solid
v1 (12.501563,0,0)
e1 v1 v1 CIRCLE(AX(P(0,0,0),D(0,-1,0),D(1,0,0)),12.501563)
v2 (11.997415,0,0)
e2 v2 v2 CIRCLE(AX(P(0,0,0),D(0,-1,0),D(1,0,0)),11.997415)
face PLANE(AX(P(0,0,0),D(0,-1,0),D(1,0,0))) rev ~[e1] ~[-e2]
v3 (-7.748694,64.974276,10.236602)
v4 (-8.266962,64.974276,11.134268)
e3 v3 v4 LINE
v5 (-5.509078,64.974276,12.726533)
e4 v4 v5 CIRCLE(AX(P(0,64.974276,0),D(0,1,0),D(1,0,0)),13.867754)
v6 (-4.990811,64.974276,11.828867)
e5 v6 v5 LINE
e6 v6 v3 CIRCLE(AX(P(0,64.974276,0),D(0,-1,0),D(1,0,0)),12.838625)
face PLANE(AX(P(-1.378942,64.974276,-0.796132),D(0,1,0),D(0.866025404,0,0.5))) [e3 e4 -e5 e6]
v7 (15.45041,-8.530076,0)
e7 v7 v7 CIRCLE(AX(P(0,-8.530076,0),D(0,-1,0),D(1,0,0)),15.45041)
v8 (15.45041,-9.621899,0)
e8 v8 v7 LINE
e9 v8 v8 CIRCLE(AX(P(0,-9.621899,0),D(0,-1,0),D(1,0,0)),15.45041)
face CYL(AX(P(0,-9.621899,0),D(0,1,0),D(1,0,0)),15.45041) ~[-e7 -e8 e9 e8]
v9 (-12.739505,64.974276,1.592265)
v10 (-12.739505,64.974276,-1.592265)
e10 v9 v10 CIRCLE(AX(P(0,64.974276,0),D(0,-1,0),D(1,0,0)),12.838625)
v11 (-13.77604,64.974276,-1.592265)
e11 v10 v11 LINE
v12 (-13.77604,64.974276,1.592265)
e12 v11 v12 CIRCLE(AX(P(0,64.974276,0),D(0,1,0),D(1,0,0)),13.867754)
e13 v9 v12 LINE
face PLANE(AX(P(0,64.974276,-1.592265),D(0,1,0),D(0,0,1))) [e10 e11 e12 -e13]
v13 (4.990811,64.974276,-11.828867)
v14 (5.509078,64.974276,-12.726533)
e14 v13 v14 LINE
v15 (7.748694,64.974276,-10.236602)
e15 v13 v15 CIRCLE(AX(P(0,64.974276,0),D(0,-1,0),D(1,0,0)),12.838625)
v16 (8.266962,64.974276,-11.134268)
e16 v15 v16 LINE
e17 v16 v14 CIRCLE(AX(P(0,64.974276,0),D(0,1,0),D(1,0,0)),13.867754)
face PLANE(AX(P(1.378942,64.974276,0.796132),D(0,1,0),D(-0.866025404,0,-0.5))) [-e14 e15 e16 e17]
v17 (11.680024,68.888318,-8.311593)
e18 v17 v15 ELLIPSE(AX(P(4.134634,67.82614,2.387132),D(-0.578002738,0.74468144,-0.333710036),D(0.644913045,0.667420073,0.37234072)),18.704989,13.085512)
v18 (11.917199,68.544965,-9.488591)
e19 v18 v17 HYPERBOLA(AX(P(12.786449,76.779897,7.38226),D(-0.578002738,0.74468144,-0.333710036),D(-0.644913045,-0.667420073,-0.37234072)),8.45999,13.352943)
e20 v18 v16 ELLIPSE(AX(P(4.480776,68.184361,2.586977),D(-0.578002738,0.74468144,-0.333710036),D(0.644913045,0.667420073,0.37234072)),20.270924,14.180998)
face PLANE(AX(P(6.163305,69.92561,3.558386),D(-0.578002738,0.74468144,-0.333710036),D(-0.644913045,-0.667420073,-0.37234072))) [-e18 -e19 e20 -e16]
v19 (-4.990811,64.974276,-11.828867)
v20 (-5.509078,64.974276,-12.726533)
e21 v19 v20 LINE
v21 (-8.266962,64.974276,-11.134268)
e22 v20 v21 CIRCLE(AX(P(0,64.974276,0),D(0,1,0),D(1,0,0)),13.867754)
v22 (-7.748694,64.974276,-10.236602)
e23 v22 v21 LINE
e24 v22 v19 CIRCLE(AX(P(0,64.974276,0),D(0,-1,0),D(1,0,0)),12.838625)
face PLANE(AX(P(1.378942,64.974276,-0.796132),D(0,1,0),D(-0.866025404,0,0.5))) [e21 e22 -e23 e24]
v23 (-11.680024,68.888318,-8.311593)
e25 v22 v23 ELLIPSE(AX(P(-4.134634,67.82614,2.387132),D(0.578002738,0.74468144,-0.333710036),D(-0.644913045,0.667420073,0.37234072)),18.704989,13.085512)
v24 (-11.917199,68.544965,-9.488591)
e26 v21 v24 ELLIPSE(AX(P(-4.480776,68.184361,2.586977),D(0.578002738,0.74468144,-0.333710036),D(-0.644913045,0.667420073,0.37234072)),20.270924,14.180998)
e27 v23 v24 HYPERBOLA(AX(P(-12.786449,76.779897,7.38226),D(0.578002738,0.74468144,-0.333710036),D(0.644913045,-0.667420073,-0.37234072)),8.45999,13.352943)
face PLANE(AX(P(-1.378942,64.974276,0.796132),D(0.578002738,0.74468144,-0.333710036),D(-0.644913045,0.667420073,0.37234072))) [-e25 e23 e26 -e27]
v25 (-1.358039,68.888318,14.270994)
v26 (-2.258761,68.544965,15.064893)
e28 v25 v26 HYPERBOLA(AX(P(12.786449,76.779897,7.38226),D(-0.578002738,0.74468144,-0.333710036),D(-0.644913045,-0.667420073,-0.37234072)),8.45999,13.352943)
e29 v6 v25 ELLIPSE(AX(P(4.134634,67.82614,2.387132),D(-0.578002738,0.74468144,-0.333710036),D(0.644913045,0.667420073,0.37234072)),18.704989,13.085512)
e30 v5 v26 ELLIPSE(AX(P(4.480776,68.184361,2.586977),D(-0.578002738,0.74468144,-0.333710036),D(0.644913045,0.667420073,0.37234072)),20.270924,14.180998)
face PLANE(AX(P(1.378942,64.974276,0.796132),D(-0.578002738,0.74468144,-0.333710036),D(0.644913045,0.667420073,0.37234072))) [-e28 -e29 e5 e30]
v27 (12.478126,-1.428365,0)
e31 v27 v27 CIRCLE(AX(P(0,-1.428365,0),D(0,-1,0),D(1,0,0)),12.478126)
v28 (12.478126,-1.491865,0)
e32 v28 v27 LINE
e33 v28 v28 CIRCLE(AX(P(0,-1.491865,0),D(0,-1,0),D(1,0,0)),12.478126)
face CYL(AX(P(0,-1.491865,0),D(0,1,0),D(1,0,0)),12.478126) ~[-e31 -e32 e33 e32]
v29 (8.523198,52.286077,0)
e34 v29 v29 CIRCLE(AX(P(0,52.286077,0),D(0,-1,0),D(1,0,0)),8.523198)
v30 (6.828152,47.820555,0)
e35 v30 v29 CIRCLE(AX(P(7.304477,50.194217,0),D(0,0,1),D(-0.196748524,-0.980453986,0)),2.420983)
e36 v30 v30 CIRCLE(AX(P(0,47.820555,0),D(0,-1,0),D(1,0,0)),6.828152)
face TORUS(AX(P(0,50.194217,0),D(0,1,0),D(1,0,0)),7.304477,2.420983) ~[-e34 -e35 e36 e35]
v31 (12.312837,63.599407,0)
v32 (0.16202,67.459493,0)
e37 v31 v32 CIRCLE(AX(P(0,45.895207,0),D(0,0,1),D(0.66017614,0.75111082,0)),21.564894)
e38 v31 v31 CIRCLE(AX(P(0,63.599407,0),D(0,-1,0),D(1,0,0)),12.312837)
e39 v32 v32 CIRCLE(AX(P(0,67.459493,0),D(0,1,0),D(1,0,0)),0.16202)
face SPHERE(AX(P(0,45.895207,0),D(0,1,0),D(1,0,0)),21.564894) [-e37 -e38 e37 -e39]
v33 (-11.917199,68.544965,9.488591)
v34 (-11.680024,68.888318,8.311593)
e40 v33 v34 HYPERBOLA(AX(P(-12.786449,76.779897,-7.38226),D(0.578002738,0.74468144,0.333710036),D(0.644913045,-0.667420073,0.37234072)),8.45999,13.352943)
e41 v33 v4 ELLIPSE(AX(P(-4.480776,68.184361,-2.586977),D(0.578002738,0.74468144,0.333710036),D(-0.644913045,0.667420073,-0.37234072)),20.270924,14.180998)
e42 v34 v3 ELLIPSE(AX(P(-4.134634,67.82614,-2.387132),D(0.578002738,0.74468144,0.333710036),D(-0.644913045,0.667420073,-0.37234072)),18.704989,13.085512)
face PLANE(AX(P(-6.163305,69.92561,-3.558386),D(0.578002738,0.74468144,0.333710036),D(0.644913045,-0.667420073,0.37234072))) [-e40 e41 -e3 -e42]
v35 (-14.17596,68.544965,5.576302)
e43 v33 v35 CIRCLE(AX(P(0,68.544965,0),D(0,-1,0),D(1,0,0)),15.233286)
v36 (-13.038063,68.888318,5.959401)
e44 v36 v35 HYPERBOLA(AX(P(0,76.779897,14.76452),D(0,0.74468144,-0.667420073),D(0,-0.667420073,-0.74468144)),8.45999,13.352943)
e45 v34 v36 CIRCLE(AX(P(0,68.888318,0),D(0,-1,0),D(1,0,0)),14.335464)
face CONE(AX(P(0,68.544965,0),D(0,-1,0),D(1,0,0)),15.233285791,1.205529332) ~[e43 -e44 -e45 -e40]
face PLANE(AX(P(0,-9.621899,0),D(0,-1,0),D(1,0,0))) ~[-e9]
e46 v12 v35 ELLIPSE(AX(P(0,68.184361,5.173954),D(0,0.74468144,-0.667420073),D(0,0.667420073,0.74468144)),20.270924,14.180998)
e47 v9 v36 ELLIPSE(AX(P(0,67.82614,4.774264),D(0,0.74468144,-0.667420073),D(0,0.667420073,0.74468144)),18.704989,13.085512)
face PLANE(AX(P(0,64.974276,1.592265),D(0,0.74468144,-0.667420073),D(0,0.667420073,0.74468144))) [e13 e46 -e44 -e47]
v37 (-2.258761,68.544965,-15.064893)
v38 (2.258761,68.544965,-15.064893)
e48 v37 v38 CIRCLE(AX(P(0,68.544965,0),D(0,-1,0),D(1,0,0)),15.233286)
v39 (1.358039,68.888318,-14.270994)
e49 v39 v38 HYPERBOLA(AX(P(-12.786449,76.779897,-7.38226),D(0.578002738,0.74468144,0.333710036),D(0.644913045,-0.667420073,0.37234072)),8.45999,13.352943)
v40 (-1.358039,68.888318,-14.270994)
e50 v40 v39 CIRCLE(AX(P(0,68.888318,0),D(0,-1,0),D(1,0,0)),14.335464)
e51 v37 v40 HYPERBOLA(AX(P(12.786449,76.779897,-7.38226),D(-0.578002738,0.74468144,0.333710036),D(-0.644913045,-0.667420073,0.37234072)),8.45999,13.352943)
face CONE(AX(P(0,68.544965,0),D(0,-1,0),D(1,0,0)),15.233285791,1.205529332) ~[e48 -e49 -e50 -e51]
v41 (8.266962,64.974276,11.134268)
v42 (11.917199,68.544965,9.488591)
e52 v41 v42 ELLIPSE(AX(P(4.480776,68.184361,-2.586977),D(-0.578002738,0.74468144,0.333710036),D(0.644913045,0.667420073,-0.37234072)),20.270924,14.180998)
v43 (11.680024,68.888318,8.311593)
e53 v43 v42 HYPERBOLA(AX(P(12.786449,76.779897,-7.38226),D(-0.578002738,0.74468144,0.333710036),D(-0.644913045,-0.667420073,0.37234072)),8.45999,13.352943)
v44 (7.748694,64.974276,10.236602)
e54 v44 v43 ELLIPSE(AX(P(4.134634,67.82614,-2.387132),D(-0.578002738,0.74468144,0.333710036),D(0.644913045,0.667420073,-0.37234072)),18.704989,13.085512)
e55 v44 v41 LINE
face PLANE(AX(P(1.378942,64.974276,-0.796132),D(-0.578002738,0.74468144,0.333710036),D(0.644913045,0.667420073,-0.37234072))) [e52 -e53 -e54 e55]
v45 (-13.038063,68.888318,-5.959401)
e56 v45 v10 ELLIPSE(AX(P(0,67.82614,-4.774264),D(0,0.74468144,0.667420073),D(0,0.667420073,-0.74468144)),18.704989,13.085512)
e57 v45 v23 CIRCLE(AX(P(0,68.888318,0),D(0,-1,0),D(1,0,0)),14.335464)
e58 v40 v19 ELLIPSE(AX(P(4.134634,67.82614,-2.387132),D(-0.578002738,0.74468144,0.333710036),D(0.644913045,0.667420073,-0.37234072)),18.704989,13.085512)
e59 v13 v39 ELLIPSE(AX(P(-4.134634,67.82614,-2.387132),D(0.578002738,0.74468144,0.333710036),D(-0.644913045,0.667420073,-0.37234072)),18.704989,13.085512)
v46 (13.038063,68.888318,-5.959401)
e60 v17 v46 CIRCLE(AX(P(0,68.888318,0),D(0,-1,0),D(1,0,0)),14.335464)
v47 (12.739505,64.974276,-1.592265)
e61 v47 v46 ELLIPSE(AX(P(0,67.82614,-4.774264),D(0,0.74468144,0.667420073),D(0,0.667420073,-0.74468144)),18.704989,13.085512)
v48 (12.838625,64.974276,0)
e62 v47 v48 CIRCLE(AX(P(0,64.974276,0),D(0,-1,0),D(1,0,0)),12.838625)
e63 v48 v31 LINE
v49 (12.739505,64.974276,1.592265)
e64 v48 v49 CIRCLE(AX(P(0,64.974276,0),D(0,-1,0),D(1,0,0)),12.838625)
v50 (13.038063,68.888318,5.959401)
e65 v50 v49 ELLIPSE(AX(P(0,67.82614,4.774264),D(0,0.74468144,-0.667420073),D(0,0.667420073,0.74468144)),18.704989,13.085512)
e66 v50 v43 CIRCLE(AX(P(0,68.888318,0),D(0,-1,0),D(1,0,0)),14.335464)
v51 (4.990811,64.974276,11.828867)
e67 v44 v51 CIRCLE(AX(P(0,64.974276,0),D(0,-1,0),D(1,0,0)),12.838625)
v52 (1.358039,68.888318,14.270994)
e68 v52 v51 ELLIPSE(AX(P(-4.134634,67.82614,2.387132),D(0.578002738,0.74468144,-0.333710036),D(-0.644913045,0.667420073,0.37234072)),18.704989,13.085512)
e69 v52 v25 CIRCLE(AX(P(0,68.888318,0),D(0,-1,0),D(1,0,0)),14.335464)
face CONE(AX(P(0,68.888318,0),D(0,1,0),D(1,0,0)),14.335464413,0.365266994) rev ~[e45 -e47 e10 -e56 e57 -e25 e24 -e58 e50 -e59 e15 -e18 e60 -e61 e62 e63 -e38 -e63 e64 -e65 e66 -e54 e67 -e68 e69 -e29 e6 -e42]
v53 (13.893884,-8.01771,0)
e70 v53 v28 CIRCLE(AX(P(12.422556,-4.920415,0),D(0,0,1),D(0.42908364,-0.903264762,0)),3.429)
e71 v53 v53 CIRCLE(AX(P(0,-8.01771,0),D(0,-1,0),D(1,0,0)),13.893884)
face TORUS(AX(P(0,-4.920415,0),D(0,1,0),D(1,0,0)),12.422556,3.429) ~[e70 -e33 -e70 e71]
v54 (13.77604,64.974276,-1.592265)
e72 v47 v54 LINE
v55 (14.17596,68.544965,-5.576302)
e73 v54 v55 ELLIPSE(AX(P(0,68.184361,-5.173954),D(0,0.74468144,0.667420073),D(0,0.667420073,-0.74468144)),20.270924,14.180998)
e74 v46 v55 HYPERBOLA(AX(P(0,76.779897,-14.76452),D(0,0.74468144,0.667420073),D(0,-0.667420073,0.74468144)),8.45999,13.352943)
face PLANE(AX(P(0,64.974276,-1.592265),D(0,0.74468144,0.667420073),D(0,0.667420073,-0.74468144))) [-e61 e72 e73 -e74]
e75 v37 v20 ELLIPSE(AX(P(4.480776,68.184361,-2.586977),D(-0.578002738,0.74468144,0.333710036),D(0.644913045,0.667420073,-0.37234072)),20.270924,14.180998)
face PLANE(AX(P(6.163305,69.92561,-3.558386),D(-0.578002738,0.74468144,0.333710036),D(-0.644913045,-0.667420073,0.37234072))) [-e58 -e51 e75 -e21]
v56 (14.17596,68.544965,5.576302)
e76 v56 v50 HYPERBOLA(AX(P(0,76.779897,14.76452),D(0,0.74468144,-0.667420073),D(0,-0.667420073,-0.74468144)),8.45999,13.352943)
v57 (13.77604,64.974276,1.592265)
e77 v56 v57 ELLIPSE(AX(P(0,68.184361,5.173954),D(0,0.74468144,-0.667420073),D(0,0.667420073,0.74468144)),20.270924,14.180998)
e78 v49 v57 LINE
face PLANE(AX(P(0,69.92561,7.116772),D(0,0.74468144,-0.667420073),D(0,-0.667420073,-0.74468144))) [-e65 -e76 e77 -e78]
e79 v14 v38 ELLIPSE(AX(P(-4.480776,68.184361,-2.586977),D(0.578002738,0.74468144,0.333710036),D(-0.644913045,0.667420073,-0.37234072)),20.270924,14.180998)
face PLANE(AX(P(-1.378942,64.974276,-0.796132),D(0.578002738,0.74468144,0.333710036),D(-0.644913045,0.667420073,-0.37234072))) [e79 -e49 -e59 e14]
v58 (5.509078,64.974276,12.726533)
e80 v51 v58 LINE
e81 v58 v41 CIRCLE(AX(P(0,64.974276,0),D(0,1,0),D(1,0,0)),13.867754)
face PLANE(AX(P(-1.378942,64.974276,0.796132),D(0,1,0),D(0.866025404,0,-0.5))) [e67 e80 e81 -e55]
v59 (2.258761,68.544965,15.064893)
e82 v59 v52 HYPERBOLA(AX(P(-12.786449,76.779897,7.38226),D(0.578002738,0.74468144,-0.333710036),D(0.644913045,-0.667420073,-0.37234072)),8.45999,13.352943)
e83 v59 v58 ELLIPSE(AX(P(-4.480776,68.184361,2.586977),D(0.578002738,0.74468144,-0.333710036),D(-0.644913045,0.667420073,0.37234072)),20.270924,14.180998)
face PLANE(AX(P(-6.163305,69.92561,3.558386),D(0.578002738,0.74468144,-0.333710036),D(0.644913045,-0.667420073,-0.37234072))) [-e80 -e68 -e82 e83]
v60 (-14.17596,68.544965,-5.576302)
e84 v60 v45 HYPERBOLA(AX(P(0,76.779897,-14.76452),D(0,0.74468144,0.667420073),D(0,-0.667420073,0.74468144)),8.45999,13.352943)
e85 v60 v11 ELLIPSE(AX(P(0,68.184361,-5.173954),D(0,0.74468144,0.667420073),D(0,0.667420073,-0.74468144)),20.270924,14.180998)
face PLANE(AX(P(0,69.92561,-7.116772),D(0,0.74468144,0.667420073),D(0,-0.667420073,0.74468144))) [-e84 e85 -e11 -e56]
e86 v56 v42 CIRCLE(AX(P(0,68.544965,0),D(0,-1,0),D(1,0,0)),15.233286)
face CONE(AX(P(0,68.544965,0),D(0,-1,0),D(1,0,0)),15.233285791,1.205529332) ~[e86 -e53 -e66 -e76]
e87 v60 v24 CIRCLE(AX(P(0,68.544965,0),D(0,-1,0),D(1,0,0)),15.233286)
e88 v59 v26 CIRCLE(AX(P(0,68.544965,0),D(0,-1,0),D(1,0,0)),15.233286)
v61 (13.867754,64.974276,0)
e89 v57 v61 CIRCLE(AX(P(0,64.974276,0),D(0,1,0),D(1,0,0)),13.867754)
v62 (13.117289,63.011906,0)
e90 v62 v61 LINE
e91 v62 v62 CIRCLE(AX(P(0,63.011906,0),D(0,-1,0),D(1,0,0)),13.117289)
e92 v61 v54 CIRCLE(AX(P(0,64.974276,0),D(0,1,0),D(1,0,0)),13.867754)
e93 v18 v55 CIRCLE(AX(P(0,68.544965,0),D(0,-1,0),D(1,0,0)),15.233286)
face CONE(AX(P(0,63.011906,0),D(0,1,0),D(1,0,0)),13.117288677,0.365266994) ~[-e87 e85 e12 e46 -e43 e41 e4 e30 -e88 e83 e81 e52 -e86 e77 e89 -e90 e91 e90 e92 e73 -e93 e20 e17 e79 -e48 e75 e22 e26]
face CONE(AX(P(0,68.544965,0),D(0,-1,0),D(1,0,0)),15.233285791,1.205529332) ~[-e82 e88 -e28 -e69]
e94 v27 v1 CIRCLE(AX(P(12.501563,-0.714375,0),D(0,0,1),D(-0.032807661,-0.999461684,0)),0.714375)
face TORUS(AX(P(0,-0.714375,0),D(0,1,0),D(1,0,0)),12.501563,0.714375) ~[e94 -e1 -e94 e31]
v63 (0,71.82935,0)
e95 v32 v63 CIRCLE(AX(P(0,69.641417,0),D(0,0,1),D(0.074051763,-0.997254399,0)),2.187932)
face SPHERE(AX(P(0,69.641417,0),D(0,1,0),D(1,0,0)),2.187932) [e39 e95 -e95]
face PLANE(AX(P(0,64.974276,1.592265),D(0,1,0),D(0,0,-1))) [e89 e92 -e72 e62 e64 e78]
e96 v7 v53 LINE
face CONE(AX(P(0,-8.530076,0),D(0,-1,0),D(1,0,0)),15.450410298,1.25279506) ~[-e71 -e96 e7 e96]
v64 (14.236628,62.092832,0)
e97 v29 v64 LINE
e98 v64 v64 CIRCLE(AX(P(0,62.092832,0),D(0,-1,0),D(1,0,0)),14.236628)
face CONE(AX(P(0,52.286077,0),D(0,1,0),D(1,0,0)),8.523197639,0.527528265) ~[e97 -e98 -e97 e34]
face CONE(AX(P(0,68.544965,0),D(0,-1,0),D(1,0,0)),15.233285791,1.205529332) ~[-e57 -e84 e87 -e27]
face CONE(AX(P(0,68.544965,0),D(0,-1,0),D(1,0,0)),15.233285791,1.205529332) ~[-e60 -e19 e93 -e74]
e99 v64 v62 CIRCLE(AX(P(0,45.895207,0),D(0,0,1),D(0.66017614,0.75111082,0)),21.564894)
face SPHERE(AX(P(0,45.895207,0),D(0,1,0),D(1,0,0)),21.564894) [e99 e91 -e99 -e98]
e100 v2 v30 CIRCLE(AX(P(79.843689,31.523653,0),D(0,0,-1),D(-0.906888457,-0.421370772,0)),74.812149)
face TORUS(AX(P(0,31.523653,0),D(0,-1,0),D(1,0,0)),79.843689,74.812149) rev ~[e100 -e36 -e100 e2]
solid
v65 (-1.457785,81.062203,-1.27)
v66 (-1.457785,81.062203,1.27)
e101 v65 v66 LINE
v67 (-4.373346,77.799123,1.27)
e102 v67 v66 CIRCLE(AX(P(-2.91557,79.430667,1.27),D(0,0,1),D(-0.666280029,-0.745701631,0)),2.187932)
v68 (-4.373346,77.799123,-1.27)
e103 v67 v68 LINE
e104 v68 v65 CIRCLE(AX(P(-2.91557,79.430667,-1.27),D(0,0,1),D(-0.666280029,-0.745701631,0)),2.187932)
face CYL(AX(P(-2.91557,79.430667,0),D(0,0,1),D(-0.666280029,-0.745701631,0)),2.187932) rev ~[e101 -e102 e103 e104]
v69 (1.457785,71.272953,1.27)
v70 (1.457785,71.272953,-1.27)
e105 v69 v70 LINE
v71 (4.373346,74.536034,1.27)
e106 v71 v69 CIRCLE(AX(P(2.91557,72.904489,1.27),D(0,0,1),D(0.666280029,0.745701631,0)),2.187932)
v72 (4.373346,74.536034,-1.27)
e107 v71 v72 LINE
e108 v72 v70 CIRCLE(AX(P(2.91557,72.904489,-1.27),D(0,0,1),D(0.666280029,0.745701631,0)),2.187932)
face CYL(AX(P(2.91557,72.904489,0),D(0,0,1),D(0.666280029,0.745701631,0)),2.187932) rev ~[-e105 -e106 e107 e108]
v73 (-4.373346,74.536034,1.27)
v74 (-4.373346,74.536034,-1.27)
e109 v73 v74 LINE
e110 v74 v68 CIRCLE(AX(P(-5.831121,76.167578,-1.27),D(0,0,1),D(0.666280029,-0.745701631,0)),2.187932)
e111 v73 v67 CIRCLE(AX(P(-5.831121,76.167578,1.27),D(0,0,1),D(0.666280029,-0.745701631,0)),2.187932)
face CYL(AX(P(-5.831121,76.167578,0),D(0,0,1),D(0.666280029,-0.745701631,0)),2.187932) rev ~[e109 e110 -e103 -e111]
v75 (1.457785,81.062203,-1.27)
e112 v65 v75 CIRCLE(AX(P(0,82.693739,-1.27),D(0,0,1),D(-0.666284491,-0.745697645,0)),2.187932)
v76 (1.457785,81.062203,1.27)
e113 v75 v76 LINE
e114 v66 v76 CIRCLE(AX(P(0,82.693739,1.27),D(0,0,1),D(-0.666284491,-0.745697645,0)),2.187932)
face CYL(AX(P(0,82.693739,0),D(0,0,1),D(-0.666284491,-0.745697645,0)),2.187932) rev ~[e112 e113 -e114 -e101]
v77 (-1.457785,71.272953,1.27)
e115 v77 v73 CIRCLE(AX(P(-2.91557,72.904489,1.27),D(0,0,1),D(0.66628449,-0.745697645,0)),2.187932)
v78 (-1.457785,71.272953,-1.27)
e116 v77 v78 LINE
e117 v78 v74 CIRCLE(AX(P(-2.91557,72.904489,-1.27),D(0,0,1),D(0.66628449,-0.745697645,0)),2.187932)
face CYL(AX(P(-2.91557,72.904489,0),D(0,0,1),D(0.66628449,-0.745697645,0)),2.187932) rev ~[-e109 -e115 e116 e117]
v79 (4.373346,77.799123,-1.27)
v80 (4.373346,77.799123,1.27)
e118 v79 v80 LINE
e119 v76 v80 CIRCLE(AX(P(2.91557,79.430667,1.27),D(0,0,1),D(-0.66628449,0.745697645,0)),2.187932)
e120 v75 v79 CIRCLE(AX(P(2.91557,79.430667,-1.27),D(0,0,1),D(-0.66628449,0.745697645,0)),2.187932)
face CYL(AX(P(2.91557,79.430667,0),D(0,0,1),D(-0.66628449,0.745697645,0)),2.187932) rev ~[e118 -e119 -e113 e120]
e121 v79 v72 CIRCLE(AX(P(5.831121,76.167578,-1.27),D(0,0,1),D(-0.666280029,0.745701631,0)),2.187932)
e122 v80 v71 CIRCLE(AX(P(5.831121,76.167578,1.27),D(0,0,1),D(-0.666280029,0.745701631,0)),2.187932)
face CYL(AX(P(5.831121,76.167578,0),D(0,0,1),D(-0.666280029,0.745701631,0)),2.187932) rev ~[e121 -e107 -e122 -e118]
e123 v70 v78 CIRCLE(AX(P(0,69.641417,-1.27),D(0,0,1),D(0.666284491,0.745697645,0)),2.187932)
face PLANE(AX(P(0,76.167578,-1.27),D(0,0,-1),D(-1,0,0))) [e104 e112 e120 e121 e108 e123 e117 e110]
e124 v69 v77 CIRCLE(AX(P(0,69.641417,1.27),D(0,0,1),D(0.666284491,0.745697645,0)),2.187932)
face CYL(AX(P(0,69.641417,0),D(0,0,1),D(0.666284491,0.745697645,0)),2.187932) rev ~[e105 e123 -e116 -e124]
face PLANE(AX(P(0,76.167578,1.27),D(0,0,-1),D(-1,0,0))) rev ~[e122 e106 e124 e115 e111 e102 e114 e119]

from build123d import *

# Parameters (mm, degrees)
CUT_EXTRUDE2_DEPTH  = 73.444074635
CIRPATTERN1_COUNT   = 6
BOSS_EXTRUDE2_DEPTH = 1.27


with BuildPart() as part:
    # Sketch1 → Revolve1 (revolve)
    with BuildSketch(Plane.XY):
        with BuildLine():
            Line((0, 62.092832387), (0, -9.621899222))
            Line((0, -9.621899222), (15.450410298, -9.621899222))
            Line((15.450410298, -9.621899222), (15.450410298, -8.530075969))
            Line((15.450410298, -8.530075969), (13.893883706, -8.017710004))
            ThreePointArc((13.893883706, -8.017710004), (15.773602868, -4.193417719), (12.478125528, -1.49186544))
            Line((12.478125528, -1.49186544), (12.478125528, -1.42836544))
            ThreePointArc((12.478125528, -1.42836544), (13.215841354, -0.726095063), (12.5015625, 0))
            Line((12.5015625, 0), (11.997414701, 0))
            ThreePointArc((11.997414701, 0), (5.464835652, 23.483515884), (6.82815225, 47.820555045))
            ThreePointArc((6.82815225, 47.820555045), (9.567883495, 49.335061774), (8.523197639, 52.28607675))
            Line((8.523197639, 52.28607675), (14.236628464, 62.092832387))
            Line((14.236628464, 62.092832387), (0, 62.092832387))
        make_face()
        with BuildLine():
            ThreePointArc((12.312836707, 63.599407377), (12.718455434, 63.310302464), (13.117288677, 63.01190634))
            Line((13.117288677, 63.01190634), (15.233285791, 68.544965448))
            Line((15.233285791, 68.544965448), (14.335464413, 68.888317545))
            Line((14.335464413, 68.888317545), (12.312836707, 63.599407377))
        make_face()
    revolve(axis=Axis((0, 0, 0), (0, -1, 0)))

    # Sketch8 → Cut-Extrude2 (cut, through all)
    with BuildSketch(Plane(origin=(0, 0, 0), x_dir=(0, 0, -1), z_dir=(1, 0, 0))):
        Polygon((-1.59226478, 64.974275528), (1.59226478, 64.974275528), (7.116771659, 69.925609864), (-7.116771659, 69.925609864), align=None)
    cut_extrude2 = extrude(amount=CUT_EXTRUDE2_DEPTH, mode=Mode.SUBTRACT)

    # CirPattern1: Cut-Extrude2 ×6 about axis
    cirpattern1_axis = Axis((0, -9.621899222, 0), (0, 1, 0))
    for i in range(1, CIRPATTERN1_COUNT):
        add(cut_extrude2.rotate(cirpattern1_axis, i * 360 / CIRPATTERN1_COUNT), mode=Mode.SUBTRACT)

    # Sketch1<10> → Revolve2 (revolve)
    with BuildSketch(Plane.XY):
        with BuildLine():
            Line((0, 62.092832387), (14.236628464, 62.092832387))
            ThreePointArc((14.236628464, 62.092832387), (7.683132909, 66.044999268), (0.162020231, 67.459492514))
            ThreePointArc((0.162020231, 67.459492514), (2.186429811, 69.722483228), (0, 71.829349573))
            Line((0, 71.829349573), (0, 62.092832387))
        make_face()
    revolve(axis=Axis((0, 67.460101163, 0), (0, 1, 0)))


with BuildPart() as body_2:
    # Sketch1<11> → Boss-Extrude2 (new, symmetric)
    with BuildSketch(Plane.XY):
        with BuildLine():
            ThreePointArc((4.37334596, 77.799122776), (3.643189315, 76.167578222), (4.37334596, 74.536033667))
            ThreePointArc((4.37334596, 74.536033667), (1.284030288, 74.362269473), (1.457785241, 71.272953281))
            ThreePointArc((1.457785241, 71.272953281), (0, 71.829349573), (-1.457785241, 71.272953281))
            ThreePointArc((-1.457785241, 71.272953281), (-1.284030288, 74.362269473), (-4.37334596, 74.536033667))
            ThreePointArc((-4.37334596, 74.536033667), (-3.643189315, 76.167578222), (-4.37334596, 77.799122776))
            ThreePointArc((-4.37334596, 77.799122776), (-1.284030288, 77.97288697), (-1.457785241, 81.062203162))
            ThreePointArc((-1.457785241, 81.062203162), (0, 80.50580687), (1.457785241, 81.062203162))
            ThreePointArc((1.457785241, 81.062203162), (1.284030288, 77.97288697), (4.37334596, 77.799122776))
        make_face()
    extrude(amount=BOSS_EXTRUDE2_DEPTH, both=True)


solid = Compound([part.part, body_2.part])
